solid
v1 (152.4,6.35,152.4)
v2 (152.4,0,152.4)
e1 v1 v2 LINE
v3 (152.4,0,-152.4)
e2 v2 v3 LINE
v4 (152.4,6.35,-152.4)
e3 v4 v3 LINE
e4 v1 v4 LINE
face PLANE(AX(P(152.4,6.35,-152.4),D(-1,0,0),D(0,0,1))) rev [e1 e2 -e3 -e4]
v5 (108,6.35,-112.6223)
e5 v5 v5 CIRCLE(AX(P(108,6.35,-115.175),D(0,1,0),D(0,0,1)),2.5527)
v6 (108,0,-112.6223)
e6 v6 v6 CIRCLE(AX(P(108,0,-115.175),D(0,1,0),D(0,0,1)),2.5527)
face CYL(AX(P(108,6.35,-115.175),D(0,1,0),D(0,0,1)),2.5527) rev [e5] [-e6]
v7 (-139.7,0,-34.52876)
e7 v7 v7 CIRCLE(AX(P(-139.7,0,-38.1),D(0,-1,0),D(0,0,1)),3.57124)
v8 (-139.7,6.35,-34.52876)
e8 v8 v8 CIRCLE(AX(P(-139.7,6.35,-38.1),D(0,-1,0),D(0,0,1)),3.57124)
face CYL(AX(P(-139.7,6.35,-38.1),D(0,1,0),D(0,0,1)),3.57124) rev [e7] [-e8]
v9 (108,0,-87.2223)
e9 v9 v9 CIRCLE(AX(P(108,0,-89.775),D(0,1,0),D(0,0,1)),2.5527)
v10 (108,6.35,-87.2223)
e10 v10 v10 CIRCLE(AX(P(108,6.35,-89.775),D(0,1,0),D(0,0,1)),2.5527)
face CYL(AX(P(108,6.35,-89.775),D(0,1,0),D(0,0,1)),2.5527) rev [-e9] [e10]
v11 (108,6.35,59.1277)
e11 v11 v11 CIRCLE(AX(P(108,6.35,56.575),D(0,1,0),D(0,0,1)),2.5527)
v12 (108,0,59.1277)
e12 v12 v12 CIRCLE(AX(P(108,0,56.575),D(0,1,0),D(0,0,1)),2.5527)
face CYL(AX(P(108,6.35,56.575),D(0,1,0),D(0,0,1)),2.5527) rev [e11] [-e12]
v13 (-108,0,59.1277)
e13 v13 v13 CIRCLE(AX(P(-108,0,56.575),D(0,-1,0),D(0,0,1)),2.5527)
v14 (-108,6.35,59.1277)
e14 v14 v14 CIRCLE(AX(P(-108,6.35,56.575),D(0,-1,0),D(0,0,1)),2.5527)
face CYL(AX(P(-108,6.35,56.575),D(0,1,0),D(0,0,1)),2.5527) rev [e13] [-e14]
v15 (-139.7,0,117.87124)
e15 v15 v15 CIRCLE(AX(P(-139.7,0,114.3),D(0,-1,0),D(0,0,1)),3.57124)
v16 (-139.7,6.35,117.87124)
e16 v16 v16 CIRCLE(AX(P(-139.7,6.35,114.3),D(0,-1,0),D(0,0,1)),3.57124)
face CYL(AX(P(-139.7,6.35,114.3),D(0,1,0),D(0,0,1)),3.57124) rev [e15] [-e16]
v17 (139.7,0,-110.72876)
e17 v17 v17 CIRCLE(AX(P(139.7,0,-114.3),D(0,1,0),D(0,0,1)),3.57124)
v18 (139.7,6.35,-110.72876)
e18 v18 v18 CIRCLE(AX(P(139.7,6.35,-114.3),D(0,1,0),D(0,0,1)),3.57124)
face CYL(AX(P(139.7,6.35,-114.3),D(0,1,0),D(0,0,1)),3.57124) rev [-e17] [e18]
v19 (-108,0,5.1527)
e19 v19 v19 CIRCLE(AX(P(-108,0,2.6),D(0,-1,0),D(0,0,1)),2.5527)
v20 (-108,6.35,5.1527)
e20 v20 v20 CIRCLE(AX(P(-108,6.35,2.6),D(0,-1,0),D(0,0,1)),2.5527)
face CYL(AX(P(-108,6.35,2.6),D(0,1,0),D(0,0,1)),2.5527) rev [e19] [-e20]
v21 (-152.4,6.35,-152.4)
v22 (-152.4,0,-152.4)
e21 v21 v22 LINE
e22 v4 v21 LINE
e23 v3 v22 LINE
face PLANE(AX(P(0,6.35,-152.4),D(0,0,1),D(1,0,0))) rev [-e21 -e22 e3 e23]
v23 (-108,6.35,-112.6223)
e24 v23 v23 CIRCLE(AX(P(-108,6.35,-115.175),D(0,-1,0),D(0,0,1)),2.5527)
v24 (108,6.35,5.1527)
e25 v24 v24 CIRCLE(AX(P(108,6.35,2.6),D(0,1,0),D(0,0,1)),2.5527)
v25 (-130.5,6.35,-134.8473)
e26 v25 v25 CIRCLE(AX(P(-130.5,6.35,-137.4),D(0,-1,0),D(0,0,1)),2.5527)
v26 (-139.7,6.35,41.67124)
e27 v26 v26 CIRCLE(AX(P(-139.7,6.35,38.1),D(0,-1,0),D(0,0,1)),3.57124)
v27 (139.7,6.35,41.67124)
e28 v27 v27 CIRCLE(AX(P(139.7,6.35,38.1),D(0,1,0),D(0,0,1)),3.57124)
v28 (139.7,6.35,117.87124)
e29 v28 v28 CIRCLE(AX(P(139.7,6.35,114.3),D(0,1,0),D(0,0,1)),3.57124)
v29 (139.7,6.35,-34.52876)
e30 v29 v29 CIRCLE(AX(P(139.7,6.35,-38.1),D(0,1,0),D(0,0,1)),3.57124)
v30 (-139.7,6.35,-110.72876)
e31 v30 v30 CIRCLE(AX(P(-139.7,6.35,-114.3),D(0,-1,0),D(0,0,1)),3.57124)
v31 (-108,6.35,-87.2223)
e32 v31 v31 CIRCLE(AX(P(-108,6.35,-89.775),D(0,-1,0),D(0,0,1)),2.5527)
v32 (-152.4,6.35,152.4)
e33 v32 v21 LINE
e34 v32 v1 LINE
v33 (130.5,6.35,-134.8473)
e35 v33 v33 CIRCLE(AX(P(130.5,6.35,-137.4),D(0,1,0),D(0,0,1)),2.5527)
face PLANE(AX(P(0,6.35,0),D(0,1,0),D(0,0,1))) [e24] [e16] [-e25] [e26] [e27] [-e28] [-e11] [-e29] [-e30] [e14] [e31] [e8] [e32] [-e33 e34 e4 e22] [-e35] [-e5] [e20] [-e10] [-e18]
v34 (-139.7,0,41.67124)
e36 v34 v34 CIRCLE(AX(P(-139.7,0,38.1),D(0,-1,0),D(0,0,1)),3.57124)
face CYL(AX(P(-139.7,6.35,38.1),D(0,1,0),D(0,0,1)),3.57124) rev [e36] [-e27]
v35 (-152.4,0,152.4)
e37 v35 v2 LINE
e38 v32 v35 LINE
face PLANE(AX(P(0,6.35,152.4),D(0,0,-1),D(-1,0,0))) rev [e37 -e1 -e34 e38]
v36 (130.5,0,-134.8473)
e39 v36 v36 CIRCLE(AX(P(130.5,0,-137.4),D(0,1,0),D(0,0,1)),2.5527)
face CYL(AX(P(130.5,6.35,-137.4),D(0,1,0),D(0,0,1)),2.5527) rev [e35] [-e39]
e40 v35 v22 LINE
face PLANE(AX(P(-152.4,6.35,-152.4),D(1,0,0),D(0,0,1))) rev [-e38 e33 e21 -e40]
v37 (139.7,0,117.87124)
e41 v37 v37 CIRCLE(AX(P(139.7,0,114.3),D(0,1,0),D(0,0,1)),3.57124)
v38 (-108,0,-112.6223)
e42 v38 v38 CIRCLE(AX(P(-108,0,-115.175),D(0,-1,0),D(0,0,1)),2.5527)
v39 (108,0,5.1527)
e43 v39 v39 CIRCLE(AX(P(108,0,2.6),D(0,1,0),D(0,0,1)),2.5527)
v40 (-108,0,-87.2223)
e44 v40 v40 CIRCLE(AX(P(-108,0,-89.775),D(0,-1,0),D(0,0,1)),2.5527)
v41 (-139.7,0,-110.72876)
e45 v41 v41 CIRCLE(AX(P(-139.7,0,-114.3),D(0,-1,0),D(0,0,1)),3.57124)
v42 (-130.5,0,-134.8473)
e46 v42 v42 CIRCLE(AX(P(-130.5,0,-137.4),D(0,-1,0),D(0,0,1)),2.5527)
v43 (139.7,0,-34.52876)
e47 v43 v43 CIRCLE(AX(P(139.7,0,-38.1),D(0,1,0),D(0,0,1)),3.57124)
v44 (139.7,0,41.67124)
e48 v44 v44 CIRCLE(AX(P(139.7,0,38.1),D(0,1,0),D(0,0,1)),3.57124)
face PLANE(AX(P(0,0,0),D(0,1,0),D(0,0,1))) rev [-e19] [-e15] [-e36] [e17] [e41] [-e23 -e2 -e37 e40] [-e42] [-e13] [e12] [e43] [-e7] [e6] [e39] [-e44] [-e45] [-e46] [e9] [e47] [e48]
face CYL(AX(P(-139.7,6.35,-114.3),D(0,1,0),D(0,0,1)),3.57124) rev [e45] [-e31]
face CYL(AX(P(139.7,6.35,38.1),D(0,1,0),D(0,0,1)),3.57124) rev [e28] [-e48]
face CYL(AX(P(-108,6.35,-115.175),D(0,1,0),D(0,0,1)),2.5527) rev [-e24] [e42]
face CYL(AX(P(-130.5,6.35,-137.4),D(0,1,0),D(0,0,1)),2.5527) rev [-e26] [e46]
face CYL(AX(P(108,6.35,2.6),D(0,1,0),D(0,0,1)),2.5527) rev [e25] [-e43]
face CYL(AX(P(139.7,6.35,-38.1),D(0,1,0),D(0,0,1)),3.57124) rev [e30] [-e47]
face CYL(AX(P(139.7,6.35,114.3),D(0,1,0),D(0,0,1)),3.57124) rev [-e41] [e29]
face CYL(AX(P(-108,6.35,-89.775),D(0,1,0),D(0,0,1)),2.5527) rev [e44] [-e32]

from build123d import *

# Parameters (mm, degrees)
SKETCH1_W               = 152.4
SKETCH1_H               = 304.8
BOSS_EXTRUDE1_DEPTH     = 6.35
F_1_4_20_TAPPED_HOLE1_D = 5.1054
LPATTERN1_COUNT         = 4
LPATTERN1_PITCH         = 76.2


with BuildPart() as part:
    # Sketch1 → Boss-Extrude1 (new body)
    with BuildSketch(Plane(origin=(0, 0, 0), x_dir=(1, 0, 0), z_dir=(0, 1, 0))):
        with Locations((76.2, 0)):
            Rectangle(SKETCH1_W, SKETCH1_H)
    extrude(amount=BOSS_EXTRUDE1_DEPTH)

    # 1/4-20 Tapped Hole1 (through all)
    with Locations(Plane(origin=(0, 6.35, 0), x_dir=(1, 0, 0), z_dir=(0, 1, 0))):
        with Locations((130.5, 137.4), (108, 115.175), (108, -2.6), (108, -56.575), (108, 89.775)):
            Hole(F_1_4_20_TAPPED_HOLE1_D / 2)

    # Sketch4 → 1/4 Clearance Hole2 (revolve, cut)
    with BuildSketch(Plane(origin=(139.7, 6.35, -114.3), x_dir=(0, 0, 1), z_dir=(1, 0, 0))):
        Polygon((0, 0), (0, 14.845817477), (3.57124, 12.7), (3.57124, 0), align=None)
    f_1_4_clearance_hole2 = revolve(axis=Axis((139.7, 12.7, -114.3), (0, -1, 0)), mode=Mode.SUBTRACT)

    # LPattern1: 1/4 Clearance Hole2 ×4
    with Locations(*[(0, 0, i * LPATTERN1_PITCH) for i in range(1, LPATTERN1_COUNT)]):
        add(f_1_4_clearance_hole2, mode=Mode.SUBTRACT)

    # Mirror1: part across plane


with BuildPart() as part_1:
    add(part.part)
    add(part.part.mirror(Plane(origin=(0, 0, 0), x_dir=(0, 0, 1), z_dir=(1, 0, 0))))


solid = part_1.part
